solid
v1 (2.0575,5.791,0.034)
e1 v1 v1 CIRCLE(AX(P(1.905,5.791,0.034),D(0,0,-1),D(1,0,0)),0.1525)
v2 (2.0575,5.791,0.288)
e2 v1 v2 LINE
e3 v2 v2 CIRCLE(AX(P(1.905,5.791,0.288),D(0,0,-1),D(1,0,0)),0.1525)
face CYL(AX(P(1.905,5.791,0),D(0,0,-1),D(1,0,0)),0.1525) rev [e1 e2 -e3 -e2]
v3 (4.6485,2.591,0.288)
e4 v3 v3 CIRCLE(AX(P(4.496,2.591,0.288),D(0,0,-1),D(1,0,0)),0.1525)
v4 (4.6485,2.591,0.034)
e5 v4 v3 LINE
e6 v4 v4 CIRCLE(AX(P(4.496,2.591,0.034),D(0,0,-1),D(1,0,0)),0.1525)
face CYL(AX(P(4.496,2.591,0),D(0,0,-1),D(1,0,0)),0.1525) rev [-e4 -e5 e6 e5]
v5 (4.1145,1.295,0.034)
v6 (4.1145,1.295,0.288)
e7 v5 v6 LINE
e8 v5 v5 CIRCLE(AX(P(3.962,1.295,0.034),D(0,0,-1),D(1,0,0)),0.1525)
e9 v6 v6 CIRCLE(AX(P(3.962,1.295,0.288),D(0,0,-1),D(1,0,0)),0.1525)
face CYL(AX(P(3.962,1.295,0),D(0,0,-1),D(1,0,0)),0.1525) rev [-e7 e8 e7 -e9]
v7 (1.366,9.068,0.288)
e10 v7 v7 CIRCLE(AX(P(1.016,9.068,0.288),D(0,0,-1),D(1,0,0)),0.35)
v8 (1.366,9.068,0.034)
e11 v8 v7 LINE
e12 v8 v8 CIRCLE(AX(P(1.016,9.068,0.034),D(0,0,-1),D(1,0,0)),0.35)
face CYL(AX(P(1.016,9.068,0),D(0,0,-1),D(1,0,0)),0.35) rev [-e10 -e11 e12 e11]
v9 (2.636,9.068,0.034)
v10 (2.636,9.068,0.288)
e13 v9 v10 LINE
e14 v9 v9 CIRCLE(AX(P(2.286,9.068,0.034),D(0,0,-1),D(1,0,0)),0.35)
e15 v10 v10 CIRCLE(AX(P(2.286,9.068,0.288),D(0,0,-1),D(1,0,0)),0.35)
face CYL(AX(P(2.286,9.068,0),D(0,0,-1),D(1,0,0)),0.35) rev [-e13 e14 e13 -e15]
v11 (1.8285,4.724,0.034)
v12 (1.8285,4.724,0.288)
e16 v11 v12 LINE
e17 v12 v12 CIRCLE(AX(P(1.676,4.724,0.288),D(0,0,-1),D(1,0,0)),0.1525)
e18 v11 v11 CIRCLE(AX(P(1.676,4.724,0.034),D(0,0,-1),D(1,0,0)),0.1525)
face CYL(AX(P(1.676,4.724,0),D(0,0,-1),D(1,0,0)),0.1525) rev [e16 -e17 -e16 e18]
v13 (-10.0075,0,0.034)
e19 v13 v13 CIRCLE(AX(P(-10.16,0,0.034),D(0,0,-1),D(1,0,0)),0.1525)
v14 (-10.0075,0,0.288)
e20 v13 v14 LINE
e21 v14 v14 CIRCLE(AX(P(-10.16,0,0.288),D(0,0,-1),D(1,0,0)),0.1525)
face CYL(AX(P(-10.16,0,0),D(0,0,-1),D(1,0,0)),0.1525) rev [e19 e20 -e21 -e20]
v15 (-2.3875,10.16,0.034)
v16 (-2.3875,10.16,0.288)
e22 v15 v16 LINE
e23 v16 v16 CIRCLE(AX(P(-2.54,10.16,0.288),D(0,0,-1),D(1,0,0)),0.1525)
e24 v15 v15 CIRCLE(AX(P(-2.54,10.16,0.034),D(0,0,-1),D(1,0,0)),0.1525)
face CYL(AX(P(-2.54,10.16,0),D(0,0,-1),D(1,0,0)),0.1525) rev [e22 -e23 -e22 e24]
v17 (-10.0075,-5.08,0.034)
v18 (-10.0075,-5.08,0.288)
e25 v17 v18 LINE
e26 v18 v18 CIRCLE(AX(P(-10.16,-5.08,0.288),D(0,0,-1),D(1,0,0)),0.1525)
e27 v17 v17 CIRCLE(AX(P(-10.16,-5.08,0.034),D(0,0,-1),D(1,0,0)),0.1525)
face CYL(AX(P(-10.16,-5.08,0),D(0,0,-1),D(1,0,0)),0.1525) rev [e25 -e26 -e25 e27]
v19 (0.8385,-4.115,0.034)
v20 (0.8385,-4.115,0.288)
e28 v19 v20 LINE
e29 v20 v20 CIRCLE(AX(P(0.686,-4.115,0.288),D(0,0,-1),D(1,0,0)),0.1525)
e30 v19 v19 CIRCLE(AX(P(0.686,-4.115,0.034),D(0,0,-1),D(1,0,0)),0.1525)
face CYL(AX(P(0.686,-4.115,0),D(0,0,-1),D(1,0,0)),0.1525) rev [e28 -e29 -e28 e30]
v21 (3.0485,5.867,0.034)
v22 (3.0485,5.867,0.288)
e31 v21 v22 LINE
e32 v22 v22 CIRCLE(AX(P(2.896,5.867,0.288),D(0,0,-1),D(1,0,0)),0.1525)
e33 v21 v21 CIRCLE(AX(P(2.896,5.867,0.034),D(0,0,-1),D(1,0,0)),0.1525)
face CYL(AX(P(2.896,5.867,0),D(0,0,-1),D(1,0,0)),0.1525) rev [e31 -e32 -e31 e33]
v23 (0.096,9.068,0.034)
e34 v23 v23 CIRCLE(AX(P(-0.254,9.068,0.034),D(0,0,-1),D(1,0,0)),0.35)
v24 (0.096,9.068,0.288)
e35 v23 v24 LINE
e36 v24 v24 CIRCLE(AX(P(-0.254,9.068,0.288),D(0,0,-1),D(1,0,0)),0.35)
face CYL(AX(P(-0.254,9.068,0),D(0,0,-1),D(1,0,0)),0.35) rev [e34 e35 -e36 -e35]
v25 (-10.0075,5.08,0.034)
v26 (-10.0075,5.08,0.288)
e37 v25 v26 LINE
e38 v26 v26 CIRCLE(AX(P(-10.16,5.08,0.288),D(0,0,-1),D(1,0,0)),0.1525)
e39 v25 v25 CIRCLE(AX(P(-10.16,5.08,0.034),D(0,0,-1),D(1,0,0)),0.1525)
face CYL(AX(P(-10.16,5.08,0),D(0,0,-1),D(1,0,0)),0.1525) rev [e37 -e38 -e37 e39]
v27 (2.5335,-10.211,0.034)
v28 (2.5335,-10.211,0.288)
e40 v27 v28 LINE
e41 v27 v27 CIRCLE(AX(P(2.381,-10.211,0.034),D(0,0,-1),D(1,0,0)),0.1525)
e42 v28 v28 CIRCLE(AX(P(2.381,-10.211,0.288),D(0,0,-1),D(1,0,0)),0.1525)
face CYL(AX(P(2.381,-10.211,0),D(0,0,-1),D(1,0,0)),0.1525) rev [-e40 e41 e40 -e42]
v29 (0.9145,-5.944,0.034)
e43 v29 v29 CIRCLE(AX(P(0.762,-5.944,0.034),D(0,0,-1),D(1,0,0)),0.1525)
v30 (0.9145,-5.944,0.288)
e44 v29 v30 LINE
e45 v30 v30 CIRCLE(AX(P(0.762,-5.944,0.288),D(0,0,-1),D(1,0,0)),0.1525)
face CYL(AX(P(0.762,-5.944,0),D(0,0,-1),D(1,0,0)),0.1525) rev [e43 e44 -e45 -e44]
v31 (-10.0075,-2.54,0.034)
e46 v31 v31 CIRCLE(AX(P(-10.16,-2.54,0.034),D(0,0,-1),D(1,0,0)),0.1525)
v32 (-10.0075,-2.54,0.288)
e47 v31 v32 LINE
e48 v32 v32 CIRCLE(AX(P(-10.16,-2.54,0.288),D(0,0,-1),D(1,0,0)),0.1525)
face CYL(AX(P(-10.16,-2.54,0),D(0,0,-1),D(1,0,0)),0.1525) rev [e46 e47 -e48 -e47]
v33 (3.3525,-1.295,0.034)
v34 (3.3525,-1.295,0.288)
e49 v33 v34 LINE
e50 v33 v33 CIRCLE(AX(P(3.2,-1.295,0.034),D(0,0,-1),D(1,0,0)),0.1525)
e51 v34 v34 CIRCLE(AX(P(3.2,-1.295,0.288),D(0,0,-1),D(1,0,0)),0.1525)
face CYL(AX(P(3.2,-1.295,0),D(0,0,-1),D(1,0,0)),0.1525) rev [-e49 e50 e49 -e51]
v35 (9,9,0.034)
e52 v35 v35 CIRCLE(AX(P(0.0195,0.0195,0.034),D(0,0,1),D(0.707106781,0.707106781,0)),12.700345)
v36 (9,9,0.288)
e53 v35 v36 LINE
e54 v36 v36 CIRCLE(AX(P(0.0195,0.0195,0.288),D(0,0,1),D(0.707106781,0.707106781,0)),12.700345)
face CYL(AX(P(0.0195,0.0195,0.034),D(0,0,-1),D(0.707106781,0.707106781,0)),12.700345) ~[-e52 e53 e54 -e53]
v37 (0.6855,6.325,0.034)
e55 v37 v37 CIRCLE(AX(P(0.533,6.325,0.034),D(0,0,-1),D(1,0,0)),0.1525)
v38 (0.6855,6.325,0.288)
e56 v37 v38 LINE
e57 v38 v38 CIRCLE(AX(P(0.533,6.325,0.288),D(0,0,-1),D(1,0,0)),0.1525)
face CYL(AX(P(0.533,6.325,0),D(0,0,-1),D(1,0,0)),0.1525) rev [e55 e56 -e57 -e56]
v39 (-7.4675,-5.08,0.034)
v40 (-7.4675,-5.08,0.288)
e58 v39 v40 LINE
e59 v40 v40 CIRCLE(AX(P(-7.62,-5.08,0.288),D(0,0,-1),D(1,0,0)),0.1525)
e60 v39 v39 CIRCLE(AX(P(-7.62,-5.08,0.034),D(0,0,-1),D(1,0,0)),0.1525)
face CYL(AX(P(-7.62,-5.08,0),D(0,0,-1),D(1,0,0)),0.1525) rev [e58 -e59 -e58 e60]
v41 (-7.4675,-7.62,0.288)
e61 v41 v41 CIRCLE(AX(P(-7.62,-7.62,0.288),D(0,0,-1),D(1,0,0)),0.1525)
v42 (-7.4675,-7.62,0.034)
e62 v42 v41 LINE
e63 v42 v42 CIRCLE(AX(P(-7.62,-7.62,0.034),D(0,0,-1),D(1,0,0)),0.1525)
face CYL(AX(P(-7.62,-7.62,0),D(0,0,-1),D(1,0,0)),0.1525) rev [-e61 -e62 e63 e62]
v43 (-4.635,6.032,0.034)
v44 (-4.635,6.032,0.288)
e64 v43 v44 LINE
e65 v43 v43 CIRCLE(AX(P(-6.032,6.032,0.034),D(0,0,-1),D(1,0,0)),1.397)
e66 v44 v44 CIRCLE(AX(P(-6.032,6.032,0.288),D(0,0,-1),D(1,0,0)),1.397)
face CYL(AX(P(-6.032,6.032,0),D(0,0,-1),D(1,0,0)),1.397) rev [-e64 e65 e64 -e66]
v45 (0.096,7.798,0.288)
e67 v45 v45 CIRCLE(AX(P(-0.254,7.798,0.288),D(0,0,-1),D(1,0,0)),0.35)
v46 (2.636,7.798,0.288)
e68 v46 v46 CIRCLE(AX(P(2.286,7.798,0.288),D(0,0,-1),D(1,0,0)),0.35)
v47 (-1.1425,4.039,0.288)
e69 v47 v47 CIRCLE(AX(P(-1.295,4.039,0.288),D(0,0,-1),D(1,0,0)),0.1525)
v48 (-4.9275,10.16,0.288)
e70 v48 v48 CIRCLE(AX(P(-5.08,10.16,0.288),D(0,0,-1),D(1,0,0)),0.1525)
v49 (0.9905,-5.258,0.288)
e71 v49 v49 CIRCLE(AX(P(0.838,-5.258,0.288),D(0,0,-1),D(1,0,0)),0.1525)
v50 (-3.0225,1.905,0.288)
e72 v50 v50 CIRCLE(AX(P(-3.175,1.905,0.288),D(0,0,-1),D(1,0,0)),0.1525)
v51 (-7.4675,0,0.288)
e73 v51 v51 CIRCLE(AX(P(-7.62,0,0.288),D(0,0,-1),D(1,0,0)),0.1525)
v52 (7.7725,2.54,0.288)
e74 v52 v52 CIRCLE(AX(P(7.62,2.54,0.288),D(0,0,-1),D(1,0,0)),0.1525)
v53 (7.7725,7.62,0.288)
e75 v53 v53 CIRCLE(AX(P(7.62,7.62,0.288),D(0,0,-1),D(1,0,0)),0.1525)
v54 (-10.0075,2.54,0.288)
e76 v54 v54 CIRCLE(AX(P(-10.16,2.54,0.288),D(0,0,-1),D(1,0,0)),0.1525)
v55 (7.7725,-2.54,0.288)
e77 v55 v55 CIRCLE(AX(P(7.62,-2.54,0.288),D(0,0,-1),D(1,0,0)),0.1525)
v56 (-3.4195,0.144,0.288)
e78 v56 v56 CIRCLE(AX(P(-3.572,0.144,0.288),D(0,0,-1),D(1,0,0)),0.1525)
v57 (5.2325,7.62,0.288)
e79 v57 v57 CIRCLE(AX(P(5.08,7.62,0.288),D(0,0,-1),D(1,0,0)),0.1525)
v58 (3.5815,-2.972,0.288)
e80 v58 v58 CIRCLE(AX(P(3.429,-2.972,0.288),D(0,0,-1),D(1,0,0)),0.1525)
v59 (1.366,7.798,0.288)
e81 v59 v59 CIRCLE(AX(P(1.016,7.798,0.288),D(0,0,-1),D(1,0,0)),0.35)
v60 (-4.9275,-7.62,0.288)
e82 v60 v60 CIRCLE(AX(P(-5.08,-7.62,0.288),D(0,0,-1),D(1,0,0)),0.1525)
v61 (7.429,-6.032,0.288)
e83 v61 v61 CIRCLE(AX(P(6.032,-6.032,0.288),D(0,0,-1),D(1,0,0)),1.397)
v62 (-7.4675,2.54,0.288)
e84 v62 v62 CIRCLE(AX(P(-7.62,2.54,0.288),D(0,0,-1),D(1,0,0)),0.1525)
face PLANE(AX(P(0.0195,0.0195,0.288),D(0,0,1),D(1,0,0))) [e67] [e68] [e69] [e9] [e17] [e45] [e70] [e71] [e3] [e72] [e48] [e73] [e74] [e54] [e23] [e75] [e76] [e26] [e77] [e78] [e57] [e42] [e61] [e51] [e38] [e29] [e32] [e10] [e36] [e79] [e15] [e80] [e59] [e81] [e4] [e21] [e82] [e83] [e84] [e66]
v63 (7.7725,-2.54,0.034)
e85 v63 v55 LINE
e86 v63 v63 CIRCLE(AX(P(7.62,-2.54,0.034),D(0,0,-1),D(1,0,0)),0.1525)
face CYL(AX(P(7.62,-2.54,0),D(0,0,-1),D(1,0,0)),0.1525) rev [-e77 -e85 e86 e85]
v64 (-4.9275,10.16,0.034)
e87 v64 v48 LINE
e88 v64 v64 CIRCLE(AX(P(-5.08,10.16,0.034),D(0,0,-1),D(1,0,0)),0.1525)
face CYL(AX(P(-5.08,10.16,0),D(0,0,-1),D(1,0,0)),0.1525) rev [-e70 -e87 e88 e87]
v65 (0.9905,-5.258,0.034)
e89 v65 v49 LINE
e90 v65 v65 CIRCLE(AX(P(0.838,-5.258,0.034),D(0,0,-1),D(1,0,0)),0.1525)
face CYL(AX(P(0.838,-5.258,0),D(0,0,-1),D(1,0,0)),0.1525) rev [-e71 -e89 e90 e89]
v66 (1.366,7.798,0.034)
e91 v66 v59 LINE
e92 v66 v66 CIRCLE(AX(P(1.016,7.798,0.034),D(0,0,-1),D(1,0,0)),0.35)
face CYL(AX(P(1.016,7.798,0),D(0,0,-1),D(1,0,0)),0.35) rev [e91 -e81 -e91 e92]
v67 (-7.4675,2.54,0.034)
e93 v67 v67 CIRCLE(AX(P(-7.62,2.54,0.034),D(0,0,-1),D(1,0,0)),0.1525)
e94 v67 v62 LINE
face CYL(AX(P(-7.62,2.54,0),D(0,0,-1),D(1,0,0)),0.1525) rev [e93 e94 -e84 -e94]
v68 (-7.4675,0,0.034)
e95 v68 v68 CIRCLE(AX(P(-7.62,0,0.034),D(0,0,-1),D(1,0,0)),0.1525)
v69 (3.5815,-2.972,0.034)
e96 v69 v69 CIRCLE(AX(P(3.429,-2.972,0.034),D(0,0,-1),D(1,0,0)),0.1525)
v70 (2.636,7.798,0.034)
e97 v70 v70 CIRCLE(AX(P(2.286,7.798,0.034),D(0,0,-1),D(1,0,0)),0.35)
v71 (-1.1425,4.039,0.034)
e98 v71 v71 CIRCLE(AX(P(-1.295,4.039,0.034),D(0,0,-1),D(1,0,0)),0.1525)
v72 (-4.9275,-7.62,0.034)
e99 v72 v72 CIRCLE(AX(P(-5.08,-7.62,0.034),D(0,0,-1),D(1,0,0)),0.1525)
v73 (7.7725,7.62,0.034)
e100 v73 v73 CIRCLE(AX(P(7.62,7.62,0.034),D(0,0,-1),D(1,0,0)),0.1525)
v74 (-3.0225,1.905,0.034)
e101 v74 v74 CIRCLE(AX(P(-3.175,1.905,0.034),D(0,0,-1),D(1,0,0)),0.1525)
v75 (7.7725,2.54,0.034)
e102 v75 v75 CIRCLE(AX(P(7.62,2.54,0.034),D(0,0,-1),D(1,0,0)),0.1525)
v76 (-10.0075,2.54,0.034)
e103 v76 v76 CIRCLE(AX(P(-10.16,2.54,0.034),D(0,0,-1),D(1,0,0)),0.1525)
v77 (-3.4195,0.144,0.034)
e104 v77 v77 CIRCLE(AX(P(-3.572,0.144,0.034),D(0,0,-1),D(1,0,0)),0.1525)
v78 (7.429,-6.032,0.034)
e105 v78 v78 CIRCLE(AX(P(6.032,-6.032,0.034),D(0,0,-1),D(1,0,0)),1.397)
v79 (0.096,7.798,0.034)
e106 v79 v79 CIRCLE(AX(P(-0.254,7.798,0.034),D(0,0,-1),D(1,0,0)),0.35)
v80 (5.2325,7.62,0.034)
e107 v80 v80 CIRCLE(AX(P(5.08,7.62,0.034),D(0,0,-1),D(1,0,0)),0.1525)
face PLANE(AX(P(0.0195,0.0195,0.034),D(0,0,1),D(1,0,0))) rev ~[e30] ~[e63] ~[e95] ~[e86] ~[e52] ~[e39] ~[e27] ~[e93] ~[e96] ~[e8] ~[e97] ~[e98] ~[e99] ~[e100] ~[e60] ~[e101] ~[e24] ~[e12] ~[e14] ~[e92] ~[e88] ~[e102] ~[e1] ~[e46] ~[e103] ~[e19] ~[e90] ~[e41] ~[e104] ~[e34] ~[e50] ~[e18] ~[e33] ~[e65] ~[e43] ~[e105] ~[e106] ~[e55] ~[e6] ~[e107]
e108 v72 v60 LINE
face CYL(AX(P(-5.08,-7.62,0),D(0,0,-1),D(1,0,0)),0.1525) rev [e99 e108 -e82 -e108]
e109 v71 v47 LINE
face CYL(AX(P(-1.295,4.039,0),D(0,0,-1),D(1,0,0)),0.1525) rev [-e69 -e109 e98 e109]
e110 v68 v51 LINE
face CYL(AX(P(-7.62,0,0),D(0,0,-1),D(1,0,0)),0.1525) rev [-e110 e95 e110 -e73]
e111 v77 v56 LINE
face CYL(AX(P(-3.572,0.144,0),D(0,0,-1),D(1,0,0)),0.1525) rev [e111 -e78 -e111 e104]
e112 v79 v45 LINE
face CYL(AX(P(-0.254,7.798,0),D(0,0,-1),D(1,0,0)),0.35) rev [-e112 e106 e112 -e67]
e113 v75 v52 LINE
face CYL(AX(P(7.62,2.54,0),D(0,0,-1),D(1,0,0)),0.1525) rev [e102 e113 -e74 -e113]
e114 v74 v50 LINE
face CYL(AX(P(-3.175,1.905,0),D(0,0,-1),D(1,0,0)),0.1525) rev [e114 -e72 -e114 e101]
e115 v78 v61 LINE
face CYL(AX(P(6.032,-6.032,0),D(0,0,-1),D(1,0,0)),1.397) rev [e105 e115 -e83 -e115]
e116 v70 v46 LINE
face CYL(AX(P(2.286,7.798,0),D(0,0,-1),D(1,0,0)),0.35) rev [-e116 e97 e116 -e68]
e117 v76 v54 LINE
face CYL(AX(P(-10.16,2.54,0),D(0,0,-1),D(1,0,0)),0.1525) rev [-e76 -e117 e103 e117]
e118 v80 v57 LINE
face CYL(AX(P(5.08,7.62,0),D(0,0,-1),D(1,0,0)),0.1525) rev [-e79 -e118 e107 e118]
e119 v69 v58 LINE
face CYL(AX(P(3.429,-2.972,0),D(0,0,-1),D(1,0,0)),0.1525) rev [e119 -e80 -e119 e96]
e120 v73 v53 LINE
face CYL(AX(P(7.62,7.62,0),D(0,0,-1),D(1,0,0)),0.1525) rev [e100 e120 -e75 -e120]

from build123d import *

# Parameters (mm, degrees)
BOARD_OUTLINE_START = 0.034
BOARD_OUTLINE_DEPTH = 0.254
SKETCH2_R           = 0.1525
VIA_DEPTH           = 1.288
SKETCH3_R           = 1.397
NPTH_DEPTH          = 1.288
SKETCH4_R           = 0.35
SKETCH4_R_2         = 0.1525
PTH_DEPTH           = 1.288


with BuildPart() as part:
    # Sketch1 → Board_Outline (new body)
    with BuildSketch(Plane.XY.offset(BOARD_OUTLINE_START)):
        with BuildLine():
            ThreePointArc((-8.961, -8.961), (9, -8.961), (9, 9))
            ThreePointArc((9, 9), (-8.961, 9), (-8.961, -8.961))
        make_face()
    extrude(amount=BOARD_OUTLINE_DEPTH)

    # Sketch2 → Via (cut, through all)
    with BuildSketch(Plane.XY):
        with Locations((-1.295, 4.039)):
            Circle(SKETCH2_R)
        with Locations((-3.572, 0.144)):
            Circle(SKETCH2_R)
        with Locations((0.533, 6.325)):
            Circle(SKETCH2_R)
        with Locations((2.896, 5.867)):
            Circle(SKETCH2_R)
        with Locations((1.676, 4.724)):
            Circle(SKETCH2_R)
        with Locations((0.686, -4.115)):
            Circle(SKETCH2_R)
        with Locations((0.838, -5.258)):
            Circle(SKETCH2_R)
        with Locations((0.762, -5.944)):
            Circle(SKETCH2_R)
        with Locations((3.2, -1.295)):
            Circle(SKETCH2_R)
        with Locations((4.496, 2.591)):
            Circle(SKETCH2_R)
        with Locations((3.962, 1.295)):
            Circle(SKETCH2_R)
        with Locations((2.381, -10.211)):
            Circle(SKETCH2_R)
        with Locations((3.429, -2.972)):
            Circle(SKETCH2_R)
        with Locations((1.905, 5.791)):
            Circle(SKETCH2_R)
        with Locations((-3.175, 1.905)):
            Circle(SKETCH2_R)
    extrude(amount=VIA_DEPTH, mode=Mode.SUBTRACT)

    # Sketch3 → NPTH (cut, through all)
    with BuildSketch(Plane.XY):
        with Locations((6.032, -6.032)):
            Circle(SKETCH3_R)
        with Locations((-6.032, 6.032)):
            Circle(SKETCH3_R)
    extrude(amount=NPTH_DEPTH, mode=Mode.SUBTRACT)

    # Sketch4 → PTH (cut, through all)
    with BuildSketch(Plane.XY):
        with Locations((2.286, 9.068)):
            Circle(SKETCH4_R)
        with Locations((1.016, 9.068)):
            Circle(SKETCH4_R)
        with Locations((-0.254, 9.068)):
            Circle(SKETCH4_R)
        with Locations((2.286, 7.798)):
            Circle(SKETCH4_R)
        with Locations((1.016, 7.798)):
            Circle(SKETCH4_R)
        with Locations((-0.254, 7.798)):
            Circle(SKETCH4_R)
        with Locations((-7.62, 2.54)):
            Circle(SKETCH4_R_2)
        with Locations((-7.62, 0)):
            Circle(SKETCH4_R_2)
        with Locations((-10.16, 5.08)):
            Circle(SKETCH4_R_2)
        with Locations((7.62, -2.54)):
            Circle(SKETCH4_R_2)
        with Locations((5.08, 7.62)):
            Circle(SKETCH4_R_2)
        with Locations((-7.62, -7.62)):
            Circle(SKETCH4_R_2)
        with Locations((-5.08, -7.62)):
            Circle(SKETCH4_R_2)
        with Locations((-7.62, -5.08)):
            Circle(SKETCH4_R_2)
        with Locations((-10.16, -2.54)):
            Circle(SKETCH4_R_2)
        with Locations((-10.16, 0)):
            Circle(SKETCH4_R_2)
        with Locations((-10.16, 2.54)):
            Circle(SKETCH4_R_2)
        with Locations((7.62, 2.54)):
            Circle(SKETCH4_R_2)
        with Locations((7.62, 7.62)):
            Circle(SKETCH4_R_2)
        with Locations((-10.16, -5.08)):
            Circle(SKETCH4_R_2)
        with Locations((-5.08, 10.16)):
            Circle(SKETCH4_R_2)
        with Locations((-2.54, 10.16)):
            Circle(SKETCH4_R_2)
    extrude(amount=PTH_DEPTH, mode=Mode.SUBTRACT)


solid = part.part
